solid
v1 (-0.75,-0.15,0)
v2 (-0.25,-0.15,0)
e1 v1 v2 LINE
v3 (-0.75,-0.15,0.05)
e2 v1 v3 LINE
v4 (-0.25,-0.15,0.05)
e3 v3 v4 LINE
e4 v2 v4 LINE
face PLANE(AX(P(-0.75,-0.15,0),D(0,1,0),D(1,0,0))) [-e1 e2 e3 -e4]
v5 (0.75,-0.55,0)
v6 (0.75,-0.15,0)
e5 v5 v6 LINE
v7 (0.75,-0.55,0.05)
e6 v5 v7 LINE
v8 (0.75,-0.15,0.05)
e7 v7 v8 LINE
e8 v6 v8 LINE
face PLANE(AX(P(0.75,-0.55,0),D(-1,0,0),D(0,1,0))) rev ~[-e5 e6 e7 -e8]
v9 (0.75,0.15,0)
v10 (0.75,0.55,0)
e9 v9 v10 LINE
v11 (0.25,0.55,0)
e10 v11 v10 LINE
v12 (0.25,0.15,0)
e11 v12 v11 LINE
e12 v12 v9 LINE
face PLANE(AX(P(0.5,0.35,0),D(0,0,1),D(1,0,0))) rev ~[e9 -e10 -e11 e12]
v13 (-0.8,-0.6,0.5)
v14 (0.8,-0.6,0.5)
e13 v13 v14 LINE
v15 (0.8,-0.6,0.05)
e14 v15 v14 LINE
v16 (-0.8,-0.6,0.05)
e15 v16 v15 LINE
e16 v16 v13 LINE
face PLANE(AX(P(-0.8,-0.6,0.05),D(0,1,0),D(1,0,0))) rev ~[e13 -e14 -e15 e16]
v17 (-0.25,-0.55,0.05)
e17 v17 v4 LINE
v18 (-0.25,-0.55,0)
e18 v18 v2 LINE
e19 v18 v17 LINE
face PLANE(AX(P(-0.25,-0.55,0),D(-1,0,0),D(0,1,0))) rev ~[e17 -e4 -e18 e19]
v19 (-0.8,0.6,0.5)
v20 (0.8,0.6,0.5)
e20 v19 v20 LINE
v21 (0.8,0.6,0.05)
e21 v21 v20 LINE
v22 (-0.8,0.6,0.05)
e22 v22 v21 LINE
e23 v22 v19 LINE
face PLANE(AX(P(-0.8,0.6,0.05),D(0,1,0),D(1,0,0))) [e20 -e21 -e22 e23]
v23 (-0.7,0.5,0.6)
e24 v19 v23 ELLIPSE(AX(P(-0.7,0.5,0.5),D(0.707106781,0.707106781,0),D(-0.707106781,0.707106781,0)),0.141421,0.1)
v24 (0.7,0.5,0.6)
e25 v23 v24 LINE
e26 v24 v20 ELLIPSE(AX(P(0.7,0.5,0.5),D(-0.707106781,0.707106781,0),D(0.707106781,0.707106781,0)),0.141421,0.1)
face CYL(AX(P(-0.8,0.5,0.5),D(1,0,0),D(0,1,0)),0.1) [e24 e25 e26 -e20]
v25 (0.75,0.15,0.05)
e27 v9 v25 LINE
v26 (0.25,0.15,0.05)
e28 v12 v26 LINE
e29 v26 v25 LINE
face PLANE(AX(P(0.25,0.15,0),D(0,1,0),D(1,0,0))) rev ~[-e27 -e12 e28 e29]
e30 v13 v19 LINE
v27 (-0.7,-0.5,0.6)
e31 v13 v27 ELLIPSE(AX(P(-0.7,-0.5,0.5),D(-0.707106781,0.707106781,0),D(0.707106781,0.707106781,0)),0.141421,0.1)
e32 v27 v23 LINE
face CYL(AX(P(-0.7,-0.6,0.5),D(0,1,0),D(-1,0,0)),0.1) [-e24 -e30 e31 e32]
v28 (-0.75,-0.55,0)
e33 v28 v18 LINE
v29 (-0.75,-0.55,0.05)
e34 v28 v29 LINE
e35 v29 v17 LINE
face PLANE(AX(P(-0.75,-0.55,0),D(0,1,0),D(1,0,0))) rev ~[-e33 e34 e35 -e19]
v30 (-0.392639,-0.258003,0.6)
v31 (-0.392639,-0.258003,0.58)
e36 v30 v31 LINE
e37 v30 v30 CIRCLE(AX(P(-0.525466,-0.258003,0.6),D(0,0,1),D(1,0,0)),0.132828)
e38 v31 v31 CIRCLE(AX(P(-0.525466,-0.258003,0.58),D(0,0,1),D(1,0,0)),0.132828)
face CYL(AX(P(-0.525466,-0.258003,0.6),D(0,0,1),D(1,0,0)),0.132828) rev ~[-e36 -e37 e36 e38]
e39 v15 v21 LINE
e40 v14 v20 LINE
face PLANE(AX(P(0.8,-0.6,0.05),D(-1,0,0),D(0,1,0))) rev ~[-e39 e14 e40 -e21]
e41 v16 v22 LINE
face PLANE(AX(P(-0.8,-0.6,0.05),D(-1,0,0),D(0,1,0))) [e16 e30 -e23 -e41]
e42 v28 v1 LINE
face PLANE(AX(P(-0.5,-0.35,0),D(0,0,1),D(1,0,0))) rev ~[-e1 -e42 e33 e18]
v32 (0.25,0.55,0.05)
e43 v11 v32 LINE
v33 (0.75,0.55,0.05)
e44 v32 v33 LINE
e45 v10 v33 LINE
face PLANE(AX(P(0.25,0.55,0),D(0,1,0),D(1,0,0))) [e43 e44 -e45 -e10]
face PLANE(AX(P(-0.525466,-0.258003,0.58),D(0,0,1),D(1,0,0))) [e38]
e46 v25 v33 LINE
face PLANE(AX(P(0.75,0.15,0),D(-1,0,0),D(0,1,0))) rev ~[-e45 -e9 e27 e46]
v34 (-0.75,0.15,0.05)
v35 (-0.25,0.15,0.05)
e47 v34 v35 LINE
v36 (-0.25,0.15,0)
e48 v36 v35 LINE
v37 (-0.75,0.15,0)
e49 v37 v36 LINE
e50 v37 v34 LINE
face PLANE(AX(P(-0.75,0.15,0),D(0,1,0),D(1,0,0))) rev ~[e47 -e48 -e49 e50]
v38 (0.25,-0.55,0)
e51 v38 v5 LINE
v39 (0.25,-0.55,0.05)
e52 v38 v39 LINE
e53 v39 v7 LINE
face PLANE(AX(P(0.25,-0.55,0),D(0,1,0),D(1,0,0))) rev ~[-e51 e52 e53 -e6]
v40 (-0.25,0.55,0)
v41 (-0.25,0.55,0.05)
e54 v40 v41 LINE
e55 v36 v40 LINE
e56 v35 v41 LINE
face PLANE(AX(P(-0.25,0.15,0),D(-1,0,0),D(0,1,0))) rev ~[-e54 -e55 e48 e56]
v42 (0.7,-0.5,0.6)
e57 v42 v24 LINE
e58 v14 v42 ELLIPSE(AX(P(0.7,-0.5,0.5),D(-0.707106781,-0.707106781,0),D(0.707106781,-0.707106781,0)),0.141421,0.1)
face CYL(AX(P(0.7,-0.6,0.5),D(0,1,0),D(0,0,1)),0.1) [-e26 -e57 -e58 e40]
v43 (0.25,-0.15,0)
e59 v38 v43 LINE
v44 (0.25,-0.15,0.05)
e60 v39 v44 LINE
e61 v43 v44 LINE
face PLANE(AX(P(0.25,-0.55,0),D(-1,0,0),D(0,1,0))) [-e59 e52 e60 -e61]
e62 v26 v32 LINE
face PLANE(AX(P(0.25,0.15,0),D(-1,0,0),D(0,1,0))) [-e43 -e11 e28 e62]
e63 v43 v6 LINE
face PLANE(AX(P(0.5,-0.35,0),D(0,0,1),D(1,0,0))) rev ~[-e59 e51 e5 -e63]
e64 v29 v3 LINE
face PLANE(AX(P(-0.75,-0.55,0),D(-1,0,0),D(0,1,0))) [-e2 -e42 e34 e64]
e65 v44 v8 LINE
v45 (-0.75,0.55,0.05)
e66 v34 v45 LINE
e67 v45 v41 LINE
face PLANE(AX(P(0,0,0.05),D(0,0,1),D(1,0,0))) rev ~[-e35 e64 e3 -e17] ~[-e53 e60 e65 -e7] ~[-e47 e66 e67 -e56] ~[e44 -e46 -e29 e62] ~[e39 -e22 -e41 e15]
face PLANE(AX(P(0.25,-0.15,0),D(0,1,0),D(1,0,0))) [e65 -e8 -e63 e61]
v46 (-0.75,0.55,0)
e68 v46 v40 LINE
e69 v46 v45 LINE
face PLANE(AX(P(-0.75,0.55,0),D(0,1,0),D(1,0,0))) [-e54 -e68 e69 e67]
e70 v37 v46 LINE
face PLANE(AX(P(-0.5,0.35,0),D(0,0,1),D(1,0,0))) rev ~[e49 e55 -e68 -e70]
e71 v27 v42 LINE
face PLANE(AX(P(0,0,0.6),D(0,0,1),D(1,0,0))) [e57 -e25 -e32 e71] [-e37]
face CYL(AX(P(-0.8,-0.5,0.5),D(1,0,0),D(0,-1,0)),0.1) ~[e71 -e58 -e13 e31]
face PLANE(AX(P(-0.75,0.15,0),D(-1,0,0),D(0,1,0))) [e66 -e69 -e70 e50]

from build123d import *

# Parameters (mm, degrees)
BOSS_EXTRUDE1_START = 0.05
SKETCH1_W           = 1.6
SKETCH1_H           = 1.2
BOSS_EXTRUDE1_DEPTH = 0.55
BOSS_EXTRUDE2_REACH = 2.6
SKETCH2_W           = 0.5
SKETCH2_H           = 0.4
FILLET1_R           = 0.1
SKETCH3_R           = 0.132827507
CUT_EXTRUDE1_DEPTH  = 0.02


with BuildPart() as part:
    # Sketch1 → Boss-Extrude1 (new body)
    with BuildSketch(Plane.XY.offset(BOSS_EXTRUDE1_START)):
        Rectangle(SKETCH1_W, SKETCH1_H)
    extrude(amount=BOSS_EXTRUDE1_DEPTH)

    # Sketch2 → Boss-Extrude2 (add, up to next)
    with BuildSketch(Plane.XY, mode=Mode.PRIVATE) as boss_extrude2_sk1:
        with Locations((-0.5, 0.35)):
            Rectangle(SKETCH2_W, SKETCH2_H)
    boss_extrude2_tool1 = extrude(boss_extrude2_sk1.sketch, amount=BOSS_EXTRUDE2_REACH, mode=Mode.PRIVATE) - part.part
    add(boss_extrude2_tool1.solids().sort_by_distance((-0.5, 0.35, 0))[0])
    # Sketch2 → Boss-Extrude2 (add, up to next)
    with BuildSketch(Plane.XY, mode=Mode.PRIVATE) as boss_extrude2_sk2:
        with Locations((-0.5, -0.35)):
            Rectangle(SKETCH2_W, SKETCH2_H)
    boss_extrude2_tool2 = extrude(boss_extrude2_sk2.sketch, amount=BOSS_EXTRUDE2_REACH, mode=Mode.PRIVATE) - part.part
    add(boss_extrude2_tool2.solids().sort_by_distance((-0.5, -0.35, 0))[0])
    # Sketch2 → Boss-Extrude2 (add, up to next)
    with BuildSketch(Plane.XY, mode=Mode.PRIVATE) as boss_extrude2_sk3:
        with Locations((0.5, 0.35)):
            Rectangle(SKETCH2_W, SKETCH2_H)
    boss_extrude2_tool3 = extrude(boss_extrude2_sk3.sketch, amount=BOSS_EXTRUDE2_REACH, mode=Mode.PRIVATE) - part.part
    add(boss_extrude2_tool3.solids().sort_by_distance((0.5, 0.35, 0))[0])
    # Sketch2 → Boss-Extrude2 (add, up to next)
    with BuildSketch(Plane.XY, mode=Mode.PRIVATE) as boss_extrude2_sk4:
        with Locations((0.5, -0.35)):
            Rectangle(SKETCH2_W, SKETCH2_H)
    boss_extrude2_tool4 = extrude(boss_extrude2_sk4.sketch, amount=BOSS_EXTRUDE2_REACH, mode=Mode.PRIVATE) - part.part
    add(boss_extrude2_tool4.solids().sort_by_distance((0.5, -0.35, 0))[0])

    # Fillet1
    fillet1_edges = [part.edges().sort_by_distance(p)[0] for p in [
        (-0.8, 0, 0.6),
        (0, -0.6, 0.6),
        (0.8, 0, 0.6),
        (0, 0.6, 0.6),
    ]]
    fillet(fillet1_edges, radius=FILLET1_R)

    # Sketch3 → Cut-Extrude1 (cut)
    with BuildSketch(Plane.XY.offset(0.6)):
        with Locations((-0.525466391, -0.258003209)):
            Circle(SKETCH3_R)
    extrude(amount=-CUT_EXTRUDE1_DEPTH, mode=Mode.SUBTRACT)


solid = part.part
